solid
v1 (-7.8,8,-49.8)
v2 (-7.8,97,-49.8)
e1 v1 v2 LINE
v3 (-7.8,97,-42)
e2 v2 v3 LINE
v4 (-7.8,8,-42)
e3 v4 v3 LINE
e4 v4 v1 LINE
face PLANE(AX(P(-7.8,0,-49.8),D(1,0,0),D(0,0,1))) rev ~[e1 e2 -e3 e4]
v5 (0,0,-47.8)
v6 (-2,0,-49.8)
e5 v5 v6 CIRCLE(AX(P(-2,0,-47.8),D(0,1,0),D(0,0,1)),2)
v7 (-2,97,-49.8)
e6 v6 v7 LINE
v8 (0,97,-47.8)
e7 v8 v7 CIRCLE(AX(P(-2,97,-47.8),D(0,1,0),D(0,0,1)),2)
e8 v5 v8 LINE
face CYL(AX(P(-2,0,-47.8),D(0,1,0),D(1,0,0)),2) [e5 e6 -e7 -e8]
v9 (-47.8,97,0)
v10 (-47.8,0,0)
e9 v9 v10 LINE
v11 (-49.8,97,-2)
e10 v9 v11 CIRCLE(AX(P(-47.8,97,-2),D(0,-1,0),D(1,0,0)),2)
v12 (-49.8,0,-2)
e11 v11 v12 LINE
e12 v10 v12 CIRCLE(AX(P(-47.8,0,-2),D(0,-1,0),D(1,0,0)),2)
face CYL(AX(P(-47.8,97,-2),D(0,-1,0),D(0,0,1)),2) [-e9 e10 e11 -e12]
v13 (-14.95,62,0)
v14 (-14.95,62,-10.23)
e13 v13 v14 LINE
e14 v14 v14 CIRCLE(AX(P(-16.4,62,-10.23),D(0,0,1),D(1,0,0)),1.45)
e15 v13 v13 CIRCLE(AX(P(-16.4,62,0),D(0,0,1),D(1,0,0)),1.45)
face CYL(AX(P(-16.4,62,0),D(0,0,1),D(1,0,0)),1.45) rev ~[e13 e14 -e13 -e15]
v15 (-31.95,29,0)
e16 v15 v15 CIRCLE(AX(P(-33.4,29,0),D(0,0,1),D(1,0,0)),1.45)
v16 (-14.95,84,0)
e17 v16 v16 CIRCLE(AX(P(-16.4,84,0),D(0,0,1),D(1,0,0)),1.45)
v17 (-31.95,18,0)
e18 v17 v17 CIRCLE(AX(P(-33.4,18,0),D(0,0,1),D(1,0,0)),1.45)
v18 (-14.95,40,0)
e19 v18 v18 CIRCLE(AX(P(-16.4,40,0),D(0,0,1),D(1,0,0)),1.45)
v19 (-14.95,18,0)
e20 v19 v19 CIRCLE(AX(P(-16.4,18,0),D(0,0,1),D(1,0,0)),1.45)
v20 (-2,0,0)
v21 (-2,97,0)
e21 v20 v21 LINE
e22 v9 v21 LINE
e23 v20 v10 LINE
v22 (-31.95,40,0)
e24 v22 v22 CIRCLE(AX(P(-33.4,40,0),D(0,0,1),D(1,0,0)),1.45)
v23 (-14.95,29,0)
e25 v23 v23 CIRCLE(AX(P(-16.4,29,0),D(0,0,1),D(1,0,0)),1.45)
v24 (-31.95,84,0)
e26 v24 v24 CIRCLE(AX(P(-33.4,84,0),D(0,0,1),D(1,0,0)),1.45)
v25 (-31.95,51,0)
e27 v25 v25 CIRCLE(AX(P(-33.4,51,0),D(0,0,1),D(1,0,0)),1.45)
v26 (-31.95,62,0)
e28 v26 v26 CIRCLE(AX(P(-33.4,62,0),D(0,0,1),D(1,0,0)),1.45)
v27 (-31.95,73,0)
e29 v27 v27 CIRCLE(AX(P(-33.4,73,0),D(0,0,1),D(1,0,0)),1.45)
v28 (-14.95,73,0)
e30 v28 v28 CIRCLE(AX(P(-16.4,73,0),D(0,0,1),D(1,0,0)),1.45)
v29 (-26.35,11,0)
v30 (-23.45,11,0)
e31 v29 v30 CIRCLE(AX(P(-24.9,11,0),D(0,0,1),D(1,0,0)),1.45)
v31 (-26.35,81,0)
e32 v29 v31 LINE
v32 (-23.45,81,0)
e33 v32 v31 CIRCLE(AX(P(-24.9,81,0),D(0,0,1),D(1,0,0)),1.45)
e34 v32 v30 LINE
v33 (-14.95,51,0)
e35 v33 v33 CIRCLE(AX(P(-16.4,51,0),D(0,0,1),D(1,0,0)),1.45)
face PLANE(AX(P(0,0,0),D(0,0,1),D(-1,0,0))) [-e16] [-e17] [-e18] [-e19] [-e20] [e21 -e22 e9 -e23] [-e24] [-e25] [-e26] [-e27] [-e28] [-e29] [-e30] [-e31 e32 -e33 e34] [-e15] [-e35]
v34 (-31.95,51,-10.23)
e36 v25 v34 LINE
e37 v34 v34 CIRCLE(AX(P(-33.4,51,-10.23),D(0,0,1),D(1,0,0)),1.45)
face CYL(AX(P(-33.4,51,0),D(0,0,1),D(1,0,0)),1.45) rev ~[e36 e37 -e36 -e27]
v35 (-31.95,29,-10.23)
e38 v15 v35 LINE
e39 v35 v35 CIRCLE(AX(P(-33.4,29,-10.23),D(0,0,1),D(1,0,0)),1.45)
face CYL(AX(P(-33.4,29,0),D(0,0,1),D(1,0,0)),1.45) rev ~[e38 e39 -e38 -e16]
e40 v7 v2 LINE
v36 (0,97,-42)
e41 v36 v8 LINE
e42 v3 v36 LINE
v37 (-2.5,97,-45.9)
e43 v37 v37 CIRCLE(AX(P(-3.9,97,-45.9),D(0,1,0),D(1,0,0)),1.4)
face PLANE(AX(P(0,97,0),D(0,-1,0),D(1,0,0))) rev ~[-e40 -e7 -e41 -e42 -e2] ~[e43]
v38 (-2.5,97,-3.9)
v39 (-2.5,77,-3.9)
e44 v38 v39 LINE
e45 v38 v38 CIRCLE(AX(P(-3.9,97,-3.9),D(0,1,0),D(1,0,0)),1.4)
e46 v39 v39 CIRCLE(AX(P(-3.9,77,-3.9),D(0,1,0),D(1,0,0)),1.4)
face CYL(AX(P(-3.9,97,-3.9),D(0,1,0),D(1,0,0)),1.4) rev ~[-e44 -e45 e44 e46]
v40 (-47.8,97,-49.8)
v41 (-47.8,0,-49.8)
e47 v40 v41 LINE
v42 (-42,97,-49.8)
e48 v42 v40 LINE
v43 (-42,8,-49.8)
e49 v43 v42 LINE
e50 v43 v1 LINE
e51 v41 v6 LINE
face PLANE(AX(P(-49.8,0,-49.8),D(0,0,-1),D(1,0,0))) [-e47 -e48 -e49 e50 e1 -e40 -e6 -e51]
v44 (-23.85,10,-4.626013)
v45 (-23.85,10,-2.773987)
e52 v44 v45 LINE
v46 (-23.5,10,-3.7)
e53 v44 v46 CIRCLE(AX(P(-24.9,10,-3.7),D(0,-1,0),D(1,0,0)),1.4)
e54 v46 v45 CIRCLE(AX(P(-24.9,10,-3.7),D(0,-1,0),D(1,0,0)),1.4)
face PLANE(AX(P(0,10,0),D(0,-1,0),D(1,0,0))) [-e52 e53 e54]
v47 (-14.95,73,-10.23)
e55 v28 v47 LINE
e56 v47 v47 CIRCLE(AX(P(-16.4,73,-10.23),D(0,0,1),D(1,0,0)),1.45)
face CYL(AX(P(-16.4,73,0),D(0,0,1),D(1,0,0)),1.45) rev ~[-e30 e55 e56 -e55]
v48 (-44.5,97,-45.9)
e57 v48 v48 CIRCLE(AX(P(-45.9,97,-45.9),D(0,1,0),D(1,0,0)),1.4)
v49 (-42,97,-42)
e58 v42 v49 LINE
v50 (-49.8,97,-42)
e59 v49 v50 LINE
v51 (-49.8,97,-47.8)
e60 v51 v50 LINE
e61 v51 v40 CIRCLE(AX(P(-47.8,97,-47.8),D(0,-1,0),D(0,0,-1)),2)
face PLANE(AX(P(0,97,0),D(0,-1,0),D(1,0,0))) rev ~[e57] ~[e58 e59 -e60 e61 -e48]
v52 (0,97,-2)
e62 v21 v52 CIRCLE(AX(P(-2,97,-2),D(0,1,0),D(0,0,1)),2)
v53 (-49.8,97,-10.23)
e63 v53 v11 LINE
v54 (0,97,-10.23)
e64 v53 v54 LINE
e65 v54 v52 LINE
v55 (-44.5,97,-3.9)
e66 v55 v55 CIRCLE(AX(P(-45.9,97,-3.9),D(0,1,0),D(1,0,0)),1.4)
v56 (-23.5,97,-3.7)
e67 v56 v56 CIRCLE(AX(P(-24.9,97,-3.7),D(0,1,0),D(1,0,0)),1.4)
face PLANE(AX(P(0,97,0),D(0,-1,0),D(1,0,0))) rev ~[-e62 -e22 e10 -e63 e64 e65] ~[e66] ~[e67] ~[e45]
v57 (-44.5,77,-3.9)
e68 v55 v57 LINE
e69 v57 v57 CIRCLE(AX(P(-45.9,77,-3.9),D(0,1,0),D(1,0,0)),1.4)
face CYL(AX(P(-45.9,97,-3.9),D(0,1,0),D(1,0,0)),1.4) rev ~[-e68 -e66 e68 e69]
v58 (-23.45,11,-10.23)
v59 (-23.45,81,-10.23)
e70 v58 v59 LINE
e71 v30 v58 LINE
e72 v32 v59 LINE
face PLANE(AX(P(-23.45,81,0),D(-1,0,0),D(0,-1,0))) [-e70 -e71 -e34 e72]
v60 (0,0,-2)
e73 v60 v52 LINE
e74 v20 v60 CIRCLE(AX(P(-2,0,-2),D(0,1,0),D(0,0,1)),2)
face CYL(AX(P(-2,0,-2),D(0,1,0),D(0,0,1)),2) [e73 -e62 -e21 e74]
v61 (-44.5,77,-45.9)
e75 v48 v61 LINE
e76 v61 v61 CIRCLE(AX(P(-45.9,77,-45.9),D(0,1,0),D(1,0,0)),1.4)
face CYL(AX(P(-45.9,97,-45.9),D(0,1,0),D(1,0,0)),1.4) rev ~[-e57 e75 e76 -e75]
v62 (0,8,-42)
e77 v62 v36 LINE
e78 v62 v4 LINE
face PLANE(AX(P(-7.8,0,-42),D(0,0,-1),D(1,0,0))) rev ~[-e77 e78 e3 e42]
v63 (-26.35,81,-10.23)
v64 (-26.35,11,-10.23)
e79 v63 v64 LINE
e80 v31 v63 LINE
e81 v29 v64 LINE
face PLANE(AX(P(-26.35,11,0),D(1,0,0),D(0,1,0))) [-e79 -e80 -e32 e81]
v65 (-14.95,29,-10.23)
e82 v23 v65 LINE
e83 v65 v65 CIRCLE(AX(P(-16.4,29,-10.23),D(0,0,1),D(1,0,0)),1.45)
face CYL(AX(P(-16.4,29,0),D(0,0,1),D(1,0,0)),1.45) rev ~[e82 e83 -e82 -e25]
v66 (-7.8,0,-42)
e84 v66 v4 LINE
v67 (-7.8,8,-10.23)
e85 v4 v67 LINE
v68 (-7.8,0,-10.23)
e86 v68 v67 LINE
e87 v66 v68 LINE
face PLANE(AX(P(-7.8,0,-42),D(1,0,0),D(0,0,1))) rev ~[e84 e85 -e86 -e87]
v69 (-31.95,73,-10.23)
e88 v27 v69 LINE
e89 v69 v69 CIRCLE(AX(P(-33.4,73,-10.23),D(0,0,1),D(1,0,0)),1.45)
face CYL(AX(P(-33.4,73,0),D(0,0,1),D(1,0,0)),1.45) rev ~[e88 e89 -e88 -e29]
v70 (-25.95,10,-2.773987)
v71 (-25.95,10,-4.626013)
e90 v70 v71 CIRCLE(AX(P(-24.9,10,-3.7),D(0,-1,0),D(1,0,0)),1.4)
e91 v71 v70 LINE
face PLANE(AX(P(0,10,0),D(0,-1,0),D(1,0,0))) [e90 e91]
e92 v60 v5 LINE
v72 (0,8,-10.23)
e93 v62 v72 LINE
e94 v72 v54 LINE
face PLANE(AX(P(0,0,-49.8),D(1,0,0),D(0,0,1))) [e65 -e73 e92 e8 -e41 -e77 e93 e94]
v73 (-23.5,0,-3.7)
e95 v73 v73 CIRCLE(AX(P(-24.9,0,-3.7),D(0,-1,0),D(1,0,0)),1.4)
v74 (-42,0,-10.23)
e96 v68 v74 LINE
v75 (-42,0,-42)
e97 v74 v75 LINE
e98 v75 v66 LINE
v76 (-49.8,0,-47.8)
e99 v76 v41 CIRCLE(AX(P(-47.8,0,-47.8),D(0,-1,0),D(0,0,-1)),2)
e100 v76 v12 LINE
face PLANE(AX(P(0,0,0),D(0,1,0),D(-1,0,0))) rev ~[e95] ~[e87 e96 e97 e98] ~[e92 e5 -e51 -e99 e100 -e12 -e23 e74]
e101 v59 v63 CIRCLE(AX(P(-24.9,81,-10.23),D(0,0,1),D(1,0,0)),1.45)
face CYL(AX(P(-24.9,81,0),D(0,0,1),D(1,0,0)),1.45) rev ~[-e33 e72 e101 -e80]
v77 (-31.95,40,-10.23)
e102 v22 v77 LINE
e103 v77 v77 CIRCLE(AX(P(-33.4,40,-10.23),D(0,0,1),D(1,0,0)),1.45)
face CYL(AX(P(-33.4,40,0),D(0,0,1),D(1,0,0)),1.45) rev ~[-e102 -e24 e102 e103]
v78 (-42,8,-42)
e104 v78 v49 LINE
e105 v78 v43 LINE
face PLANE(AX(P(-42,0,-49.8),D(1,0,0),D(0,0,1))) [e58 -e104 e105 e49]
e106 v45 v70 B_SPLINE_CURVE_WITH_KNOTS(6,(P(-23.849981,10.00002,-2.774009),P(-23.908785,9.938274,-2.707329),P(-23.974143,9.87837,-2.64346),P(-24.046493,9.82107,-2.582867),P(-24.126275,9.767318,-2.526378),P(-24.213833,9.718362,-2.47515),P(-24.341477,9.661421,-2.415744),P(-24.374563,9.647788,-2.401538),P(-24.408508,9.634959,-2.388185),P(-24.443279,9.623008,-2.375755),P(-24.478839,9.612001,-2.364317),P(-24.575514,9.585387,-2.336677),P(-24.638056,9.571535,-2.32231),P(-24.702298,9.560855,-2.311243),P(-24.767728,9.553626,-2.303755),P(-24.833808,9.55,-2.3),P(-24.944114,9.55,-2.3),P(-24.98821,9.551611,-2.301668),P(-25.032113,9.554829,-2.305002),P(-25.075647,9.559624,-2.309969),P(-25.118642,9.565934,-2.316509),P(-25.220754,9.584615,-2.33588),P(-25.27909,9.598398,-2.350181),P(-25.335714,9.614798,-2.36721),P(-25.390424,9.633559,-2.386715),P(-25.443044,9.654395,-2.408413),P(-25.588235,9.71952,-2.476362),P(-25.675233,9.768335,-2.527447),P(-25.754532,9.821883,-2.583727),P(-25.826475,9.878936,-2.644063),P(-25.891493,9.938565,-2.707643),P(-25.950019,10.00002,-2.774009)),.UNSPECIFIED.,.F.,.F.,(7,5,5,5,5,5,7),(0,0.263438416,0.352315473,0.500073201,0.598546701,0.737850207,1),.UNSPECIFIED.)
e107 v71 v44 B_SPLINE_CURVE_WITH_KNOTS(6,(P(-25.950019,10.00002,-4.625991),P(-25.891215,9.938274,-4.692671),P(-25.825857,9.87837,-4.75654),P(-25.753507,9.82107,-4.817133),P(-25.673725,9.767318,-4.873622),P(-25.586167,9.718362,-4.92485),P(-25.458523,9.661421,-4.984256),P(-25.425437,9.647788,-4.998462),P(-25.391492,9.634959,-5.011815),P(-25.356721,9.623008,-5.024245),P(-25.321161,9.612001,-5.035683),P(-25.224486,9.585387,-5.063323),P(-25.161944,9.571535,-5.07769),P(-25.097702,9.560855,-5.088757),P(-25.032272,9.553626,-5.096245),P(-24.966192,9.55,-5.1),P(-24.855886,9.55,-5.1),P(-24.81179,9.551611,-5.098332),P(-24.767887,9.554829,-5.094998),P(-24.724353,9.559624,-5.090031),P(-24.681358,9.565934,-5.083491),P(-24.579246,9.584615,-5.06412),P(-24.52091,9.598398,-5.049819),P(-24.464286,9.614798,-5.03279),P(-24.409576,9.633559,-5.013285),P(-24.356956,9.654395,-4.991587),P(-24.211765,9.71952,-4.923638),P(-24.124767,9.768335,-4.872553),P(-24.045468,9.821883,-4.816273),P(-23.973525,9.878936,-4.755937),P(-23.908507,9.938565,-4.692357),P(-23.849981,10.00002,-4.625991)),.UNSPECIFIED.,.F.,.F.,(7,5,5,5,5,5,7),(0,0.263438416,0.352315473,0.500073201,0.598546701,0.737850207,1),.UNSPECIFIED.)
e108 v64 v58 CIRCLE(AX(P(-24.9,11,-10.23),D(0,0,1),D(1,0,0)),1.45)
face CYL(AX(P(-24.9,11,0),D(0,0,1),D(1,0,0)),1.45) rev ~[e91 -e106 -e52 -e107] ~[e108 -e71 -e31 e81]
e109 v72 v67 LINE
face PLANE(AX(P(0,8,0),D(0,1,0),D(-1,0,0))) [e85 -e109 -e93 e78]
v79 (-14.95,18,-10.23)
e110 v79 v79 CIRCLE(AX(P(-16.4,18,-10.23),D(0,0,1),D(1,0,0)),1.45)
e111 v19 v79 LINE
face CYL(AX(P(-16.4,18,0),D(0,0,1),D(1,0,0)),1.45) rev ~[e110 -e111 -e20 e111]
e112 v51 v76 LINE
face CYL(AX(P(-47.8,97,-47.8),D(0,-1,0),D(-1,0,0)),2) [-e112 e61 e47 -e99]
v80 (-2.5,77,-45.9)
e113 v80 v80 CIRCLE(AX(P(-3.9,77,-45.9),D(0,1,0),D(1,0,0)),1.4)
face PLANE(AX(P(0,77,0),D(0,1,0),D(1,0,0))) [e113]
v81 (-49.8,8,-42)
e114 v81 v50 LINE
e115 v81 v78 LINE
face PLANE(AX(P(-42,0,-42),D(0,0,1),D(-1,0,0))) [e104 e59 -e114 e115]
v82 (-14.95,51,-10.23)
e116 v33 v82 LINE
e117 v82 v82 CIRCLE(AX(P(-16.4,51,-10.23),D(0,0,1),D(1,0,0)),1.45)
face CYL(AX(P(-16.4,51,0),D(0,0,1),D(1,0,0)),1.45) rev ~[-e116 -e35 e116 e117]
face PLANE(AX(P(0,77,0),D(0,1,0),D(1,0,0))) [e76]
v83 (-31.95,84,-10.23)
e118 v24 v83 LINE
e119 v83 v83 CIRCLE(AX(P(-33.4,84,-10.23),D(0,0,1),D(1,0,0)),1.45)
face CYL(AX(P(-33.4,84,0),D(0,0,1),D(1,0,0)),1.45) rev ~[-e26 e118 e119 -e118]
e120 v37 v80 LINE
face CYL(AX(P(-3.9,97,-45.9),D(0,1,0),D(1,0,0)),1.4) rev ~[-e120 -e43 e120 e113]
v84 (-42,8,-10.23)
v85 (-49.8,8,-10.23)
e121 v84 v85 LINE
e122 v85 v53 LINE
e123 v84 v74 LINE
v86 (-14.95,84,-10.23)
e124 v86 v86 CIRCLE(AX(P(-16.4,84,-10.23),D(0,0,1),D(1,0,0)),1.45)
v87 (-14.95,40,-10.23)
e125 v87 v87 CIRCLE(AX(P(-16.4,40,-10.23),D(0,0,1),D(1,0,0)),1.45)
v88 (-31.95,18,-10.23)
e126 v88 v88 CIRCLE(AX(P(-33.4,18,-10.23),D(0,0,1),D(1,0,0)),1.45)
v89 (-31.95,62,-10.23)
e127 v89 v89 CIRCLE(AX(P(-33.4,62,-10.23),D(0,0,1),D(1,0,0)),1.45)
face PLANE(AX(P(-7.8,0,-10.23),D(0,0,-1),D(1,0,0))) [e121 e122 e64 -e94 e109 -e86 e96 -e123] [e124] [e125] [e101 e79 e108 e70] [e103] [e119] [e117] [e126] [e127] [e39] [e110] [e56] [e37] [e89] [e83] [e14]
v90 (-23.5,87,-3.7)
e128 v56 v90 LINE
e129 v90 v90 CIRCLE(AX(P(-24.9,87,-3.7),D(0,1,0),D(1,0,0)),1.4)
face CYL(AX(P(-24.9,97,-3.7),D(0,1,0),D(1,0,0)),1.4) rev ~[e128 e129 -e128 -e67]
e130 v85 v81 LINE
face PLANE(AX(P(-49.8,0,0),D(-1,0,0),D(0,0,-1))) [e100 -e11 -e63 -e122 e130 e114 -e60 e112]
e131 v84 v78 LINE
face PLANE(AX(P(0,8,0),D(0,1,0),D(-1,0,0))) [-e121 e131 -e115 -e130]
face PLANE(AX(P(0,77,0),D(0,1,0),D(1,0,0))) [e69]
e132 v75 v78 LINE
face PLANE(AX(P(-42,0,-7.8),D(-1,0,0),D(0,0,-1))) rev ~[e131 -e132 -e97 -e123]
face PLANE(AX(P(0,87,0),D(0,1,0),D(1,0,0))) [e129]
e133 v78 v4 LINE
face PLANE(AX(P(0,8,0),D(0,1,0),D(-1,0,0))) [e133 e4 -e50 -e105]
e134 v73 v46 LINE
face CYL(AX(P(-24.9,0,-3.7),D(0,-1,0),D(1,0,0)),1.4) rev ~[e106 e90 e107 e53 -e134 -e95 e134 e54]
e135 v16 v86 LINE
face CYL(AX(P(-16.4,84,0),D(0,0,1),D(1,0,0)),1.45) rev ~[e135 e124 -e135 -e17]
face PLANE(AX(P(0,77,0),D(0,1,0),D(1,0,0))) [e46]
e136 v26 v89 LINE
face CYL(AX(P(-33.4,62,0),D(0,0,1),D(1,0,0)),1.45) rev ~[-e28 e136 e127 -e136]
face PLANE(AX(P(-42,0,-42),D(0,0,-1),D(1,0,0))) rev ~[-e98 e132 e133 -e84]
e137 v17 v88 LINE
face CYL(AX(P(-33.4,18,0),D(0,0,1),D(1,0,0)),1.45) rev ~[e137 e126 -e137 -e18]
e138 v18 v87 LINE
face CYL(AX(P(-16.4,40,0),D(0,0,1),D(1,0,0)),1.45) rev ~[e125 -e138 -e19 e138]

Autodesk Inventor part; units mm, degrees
ref_plane "YZ Plane" through (0, 0, 0) normal (1, 0, 0) x (0, 1, 0)
ref_plane "XZ Plane" through (0, 0, 0) normal (0, 1, 0) x (-1, 0, 0)
ref_plane "XY Plane" through (0, 0, 0) normal (0, 0, 1) x (1, 0, 0)
sketch "Sketch1" plane through (0, 0, 0) normal (0, 1, 0) x (-1, 0, 0)
  line L0 (0, 0) -> (49.8, 0)
  line L1 (49.8, 0) -> (49.8, -49.8)
  line L2 (49.8, -49.8) -> (0, -49.8)
  line L3 (0, -49.8) -> (0, 0)
  line L4 (7.8, -7.8) -> (42, -7.8)
  line L5 (42, -7.8) -> (42, -42)
  line L6 (42, -42) -> (7.8, -42)
  line L7 (7.8, -42) -> (7.8, -7.8)
  dimension "d0" = 49.8
  dimension "d1" = 49.8
  dimension "d2" = 7.8
extrude "Extrusion1" add sketch "Sketch1" along normal blind 8
sketch "Sketch3" plane through (0, 0, 0) normal (0, -1, 0) x (1, 0, 0)
  line L0 (-49.8, 0) -> (0, 0) projected
  line L1 (-49.8, -49.8) -> (-49.8, 0) projected
  line L2 (0, 0) -> (-49.8, 0)
  line L3 (-49.8, 0) -> (-49.8, -10.23)
  line L4 (-49.8, -10.23) -> (0, -10.23)
  line L5 (0, -10.23) -> (0, 0)
  line L6 (-7.8, -42) -> (-7.8, -7.8) projected
  line L7 (0, -49.8) -> (-7.8, -49.8)
  line L8 (-7.8, -49.8) -> (-7.8, -42)
  line L9 (-7.8, -42) -> (0, -42)
  line L10 (0, -42) -> (0, -49.8)
  line L11 (0, -49.8) -> (-49.8, -49.8) projected
  line L12 (-42, -7.8) -> (-42, -42) projected
  line L13 (-49.8, -49.8) -> (-42, -49.8)
  line L14 (-42, -49.8) -> (-42, -42)
  line L15 (-42, -42) -> (-49.8, -42)
  line L16 (-49.8, -42) -> (-49.8, -49.8)
  dimension "d6" = 10.23
extrude "Extrusion2" add sketch "Sketch3" against normal blind 97 contours L0 L5 L4 L1 | L15 L14 L11 L1 | L9 L10 L7 L8
sketch "Sketch4" plane through (-49.8, 0, 0) normal (0, 0, 1) x (1, 0, 0)
  line L0 (23.45, 81) -> (26.35, 81)
  line L1 (26.35, 81) -> (26.35, 11)
  line L2 (26.35, 11) -> (23.45, 11)
  line L3 (23.45, 11) -> (23.45, 81)
  line L4 (49.8, 0) -> (49.8, 97) projected
  line L5 (0, 0) -> (49.8, 0) projected
  circle A0 centre (24.9, 81) radius 1.45
  circle A1 centre (24.9, 11) radius 1.45
  circle A2 centre (16.4, 84) radius 1.45
  circle A3 centre (33.4, 84) radius 1.45
  line L6 (0, 97) -> (49.8, 97) projected
  circle A4 centre (16.4, 73) radius 1.45
  circle A5 centre (33.4, 73) radius 1.45
  circle A6 centre (16.4, 62) radius 1.45
  circle A7 centre (33.4, 62) radius 1.45
  circle A8 centre (16.4, 51) radius 1.45
  circle A9 centre (33.4, 51) radius 1.45
  circle A10 centre (16.4, 40) radius 1.45
  circle A11 centre (33.4, 40) radius 1.45
  circle A12 centre (16.4, 29) radius 1.45
  circle A13 centre (33.4, 29) radius 1.45
  circle A14 centre (16.4, 18) radius 1.45
  circle A15 centre (33.4, 18) radius 1.45
  dimension "d9" = 2.9
  dimension "d10" = 70
  dimension "d11" = 23.45
  dimension "d12" = 11
  dimension "d15" = 2.9
  dimension "d16" = 7.05
  dimension "d17" = 2.9
  dimension "d18" = 7.05
  dimension "d19" = 13
  dimension "d20" = 13
  dimension "d23" = 11
extrude "Extrusion3" cut sketch "Sketch4" against normal through all
sketch "Sketch5" plane through (0, 97, 0) normal (0, 1, 0) x (1, 0, 0)
  circle A0 centre (-45.9, 45.9) radius 1.4
  circle A1 centre (-3.9, 45.9) radius 1.4
  line L0 (-49.8, 49.8) -> (-49.8, 0) projected
  line L1 (-49.8, 24.9) -> (-42, 24.9)
  line L2 (-42, 10.23) -> (-42, 42) projected
  circle A2 centre (-45.9, 3.9) radius 1.4
  circle A3 centre (-3.9, 3.9) radius 1.4
  point P0 (0, 0)
  dimension "d28" = 2.8
  dimension "d29" = 2.8
extrude "Extrusion4" cut sketch "Sketch5" against normal blind 20
sketch "Sketch6" plane through (0, 0, 0) normal (0, -1, 0) x (1, 0, 0)
  line L0 (-49.8, 0) -> (0, 0) projected
  circle A0 centre (-24.9, -3.7) radius 1.4
  line L1 (-49.8, -49.8) -> (-49.8, 0) projected
  dimension "d37" = 2.8
  dimension "d38" = 3.7
  dimension "d39" = 24.9
extrude "Extrusion5" cut sketch "Sketch6" against normal blind 10
fillet "Fillet1" radius 2 4 edges at (0, 48.5, 0) (0, 48.5, -49.8) (-49.8, 48.5, -49.8) (-49.8, 48.5, 0)
sketch "Sketch7" plane through (0, 97, 0) normal (0, 1, 0) x (1, 0, 0)
  circle A0 centre (-24.9, 3.7) radius 1.4 projected
  circle A1 centre (-24.9, 3.7) radius 1.4
  point P0 (0, 0)
extrude "Extrusion6" cut sketch "Sketch7" against normal blind 10
properties part number "00_Linear_Stage_NEMA11_Mount"
